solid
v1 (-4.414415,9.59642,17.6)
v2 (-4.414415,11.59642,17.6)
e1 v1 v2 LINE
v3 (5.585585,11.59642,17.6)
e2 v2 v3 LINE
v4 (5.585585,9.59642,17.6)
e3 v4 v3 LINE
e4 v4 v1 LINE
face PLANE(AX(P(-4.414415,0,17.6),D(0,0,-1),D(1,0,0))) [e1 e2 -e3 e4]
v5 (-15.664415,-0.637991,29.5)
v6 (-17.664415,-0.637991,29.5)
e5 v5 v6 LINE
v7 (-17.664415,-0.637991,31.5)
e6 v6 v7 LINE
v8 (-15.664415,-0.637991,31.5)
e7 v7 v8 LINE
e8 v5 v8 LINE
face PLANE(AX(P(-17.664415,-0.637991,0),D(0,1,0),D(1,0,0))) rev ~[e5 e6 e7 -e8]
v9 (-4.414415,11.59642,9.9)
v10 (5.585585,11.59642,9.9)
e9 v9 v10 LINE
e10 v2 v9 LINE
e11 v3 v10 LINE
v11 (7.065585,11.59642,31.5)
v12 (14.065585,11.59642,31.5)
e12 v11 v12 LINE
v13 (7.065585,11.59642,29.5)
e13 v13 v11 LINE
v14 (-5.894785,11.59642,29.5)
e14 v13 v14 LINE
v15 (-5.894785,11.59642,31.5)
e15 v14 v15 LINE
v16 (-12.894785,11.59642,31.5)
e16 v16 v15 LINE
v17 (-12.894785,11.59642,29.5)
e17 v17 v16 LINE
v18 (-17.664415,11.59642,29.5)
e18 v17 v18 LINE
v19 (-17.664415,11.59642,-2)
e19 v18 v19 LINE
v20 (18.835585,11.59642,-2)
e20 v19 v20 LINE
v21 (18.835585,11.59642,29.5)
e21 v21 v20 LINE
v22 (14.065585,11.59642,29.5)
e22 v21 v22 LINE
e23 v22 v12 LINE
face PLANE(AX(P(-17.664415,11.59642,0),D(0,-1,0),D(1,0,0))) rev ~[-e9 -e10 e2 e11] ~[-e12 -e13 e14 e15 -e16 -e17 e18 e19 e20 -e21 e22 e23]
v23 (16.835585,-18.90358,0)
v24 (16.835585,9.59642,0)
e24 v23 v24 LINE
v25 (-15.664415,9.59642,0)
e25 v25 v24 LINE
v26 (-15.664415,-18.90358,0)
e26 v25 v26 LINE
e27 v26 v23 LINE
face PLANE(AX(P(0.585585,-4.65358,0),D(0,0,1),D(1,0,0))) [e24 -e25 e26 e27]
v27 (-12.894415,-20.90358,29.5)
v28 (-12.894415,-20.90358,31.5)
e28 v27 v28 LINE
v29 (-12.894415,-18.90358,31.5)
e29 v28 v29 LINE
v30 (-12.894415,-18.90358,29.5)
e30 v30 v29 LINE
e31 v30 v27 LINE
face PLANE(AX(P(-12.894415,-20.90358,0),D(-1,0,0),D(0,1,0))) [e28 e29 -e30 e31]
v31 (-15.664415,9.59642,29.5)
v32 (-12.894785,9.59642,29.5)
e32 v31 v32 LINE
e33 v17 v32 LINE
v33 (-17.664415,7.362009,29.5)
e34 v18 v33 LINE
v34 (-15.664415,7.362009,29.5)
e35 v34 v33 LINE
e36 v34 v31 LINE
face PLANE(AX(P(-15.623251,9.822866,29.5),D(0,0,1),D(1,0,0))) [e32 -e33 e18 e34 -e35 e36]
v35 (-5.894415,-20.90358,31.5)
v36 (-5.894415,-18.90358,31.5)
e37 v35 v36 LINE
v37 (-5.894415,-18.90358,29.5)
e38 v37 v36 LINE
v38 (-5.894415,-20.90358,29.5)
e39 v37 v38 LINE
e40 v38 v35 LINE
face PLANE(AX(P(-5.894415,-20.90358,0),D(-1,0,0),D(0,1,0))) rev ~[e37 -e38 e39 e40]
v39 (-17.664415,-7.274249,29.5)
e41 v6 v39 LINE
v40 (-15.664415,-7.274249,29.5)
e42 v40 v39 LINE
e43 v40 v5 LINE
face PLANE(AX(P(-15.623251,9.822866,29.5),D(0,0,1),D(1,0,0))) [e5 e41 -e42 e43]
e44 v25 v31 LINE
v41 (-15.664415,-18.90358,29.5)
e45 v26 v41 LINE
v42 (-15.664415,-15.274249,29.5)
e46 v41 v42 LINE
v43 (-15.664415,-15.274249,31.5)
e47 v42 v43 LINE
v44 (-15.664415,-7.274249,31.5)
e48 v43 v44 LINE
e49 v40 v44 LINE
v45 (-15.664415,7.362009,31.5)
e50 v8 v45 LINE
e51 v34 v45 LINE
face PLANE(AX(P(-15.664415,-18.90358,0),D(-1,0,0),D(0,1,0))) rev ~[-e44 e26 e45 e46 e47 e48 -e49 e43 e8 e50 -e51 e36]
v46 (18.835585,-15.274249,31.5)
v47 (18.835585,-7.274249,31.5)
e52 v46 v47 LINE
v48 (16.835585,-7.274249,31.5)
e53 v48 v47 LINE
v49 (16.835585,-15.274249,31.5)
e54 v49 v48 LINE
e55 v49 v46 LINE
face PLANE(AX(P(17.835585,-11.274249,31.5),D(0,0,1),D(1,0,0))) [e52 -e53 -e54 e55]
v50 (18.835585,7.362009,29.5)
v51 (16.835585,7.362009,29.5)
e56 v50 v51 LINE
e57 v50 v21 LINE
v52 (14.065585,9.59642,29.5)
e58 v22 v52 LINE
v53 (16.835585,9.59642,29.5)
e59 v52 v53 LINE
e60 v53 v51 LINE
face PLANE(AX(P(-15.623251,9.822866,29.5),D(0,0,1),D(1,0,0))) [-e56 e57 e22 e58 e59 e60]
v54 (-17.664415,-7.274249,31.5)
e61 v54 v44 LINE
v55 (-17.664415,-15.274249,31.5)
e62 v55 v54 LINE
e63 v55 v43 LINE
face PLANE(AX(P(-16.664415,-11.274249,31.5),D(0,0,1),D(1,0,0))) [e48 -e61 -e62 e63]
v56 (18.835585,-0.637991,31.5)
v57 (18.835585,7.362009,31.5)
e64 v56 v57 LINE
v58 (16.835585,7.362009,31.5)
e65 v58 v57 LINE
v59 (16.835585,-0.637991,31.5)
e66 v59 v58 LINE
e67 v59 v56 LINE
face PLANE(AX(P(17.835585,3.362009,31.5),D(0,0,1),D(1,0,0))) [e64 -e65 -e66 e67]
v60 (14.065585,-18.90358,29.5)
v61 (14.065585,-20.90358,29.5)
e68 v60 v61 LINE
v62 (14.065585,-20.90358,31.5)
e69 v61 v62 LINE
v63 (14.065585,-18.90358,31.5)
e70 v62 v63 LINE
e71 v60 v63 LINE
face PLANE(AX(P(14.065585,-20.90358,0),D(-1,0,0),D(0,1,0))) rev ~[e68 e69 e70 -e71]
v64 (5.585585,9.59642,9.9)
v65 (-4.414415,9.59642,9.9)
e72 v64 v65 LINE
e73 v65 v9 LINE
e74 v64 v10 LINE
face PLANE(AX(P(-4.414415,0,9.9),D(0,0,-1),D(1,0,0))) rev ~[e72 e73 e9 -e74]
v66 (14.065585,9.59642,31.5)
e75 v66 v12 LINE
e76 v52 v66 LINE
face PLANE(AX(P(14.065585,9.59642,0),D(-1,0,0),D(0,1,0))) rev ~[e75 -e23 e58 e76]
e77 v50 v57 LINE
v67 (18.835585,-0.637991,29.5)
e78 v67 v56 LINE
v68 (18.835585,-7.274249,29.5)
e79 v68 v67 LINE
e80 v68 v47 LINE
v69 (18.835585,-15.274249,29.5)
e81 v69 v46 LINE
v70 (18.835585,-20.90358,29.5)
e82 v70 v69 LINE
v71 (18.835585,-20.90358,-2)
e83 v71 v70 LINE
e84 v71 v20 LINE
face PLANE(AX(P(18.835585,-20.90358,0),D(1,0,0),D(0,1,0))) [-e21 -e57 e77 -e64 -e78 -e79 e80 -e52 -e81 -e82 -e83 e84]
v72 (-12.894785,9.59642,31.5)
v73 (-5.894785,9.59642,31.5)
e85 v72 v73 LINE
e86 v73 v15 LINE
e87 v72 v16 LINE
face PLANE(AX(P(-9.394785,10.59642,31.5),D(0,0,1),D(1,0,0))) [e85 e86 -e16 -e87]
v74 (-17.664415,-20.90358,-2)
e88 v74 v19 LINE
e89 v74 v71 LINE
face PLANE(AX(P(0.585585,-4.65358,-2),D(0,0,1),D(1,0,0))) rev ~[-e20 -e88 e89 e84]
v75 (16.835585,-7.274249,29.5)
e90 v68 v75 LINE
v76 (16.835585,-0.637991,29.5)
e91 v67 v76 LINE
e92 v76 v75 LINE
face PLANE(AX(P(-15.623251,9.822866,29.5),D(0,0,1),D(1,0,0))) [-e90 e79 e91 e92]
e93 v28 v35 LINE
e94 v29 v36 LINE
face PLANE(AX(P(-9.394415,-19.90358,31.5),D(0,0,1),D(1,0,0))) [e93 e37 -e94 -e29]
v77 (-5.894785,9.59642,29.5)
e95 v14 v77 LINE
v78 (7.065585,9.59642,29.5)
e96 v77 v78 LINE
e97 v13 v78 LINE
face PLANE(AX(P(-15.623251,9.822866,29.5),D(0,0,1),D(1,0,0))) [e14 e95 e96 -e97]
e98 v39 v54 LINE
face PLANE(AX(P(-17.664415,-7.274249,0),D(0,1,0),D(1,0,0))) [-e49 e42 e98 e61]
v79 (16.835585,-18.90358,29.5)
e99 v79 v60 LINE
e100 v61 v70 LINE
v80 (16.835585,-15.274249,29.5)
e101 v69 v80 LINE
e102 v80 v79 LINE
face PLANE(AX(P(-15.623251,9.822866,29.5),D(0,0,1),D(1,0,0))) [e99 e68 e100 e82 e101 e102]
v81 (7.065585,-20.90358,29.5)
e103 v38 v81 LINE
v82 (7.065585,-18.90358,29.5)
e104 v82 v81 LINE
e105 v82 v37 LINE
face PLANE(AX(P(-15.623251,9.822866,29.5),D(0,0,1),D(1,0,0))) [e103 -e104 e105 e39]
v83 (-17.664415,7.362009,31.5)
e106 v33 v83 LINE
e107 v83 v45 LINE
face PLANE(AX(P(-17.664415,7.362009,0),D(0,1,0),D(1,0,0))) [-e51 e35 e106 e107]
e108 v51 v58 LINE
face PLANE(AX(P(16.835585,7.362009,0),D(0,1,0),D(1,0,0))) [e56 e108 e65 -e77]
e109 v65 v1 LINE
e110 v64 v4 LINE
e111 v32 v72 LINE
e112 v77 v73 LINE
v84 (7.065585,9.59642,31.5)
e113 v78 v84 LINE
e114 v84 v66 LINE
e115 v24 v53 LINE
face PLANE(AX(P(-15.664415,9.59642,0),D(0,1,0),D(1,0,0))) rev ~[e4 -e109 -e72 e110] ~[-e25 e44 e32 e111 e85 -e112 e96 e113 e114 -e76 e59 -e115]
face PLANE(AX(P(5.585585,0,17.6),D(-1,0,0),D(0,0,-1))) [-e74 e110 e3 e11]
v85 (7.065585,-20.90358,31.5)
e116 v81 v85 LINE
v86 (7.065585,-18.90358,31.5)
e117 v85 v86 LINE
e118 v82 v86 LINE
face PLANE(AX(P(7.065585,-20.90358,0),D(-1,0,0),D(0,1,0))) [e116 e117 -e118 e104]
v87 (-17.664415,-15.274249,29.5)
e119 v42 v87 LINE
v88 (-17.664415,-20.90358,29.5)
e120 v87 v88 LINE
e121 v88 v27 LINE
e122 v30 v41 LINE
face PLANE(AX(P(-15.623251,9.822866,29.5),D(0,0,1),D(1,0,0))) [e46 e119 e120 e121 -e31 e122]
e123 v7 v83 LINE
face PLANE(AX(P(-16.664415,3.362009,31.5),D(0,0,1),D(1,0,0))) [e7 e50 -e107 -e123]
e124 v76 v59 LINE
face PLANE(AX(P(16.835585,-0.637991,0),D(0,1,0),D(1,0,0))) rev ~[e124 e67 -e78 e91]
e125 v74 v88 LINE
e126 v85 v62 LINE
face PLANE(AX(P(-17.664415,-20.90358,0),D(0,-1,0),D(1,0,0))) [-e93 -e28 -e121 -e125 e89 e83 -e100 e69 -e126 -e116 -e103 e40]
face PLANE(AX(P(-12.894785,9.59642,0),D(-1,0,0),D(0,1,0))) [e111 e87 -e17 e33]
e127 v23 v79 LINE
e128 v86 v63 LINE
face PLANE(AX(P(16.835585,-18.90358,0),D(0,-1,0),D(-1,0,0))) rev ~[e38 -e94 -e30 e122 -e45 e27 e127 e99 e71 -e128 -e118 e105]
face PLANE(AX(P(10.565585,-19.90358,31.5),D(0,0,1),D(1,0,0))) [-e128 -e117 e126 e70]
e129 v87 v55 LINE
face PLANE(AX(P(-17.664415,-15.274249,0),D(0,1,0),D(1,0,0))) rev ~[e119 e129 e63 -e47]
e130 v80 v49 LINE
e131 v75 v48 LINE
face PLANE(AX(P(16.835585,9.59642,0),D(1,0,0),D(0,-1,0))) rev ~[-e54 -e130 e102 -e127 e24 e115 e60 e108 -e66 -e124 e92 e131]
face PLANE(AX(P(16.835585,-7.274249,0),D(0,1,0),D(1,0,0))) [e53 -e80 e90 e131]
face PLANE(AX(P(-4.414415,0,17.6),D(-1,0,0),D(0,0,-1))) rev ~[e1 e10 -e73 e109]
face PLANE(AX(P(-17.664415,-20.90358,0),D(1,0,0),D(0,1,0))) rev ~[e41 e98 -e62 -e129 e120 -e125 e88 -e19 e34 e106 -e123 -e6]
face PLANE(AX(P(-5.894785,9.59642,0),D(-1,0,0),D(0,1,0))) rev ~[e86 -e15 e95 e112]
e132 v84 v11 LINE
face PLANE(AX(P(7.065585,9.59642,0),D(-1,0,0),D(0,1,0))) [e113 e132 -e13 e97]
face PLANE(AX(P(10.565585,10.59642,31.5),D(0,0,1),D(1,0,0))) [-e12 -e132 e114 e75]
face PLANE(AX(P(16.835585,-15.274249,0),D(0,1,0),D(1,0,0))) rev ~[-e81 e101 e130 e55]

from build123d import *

# Parameters (mm, degrees)
ESBO_O1_W                = 36.5
ESBO_O1_H                = 32.5
ESBO_O1_W_2              = 32.5
ESBO_O1_H_2              = 28.5
RESSALTO_EXTRUS_O1_DEPTH = 29.5
ESBO_O1_3_W              = 7
ESBO_O1_3_H              = 2
ESBO_O1_3_W_2            = 2
ESBO_O1_3_H_2            = 8
RESSALTO_EXTRUS_O2_DEPTH = 31.5
ESBO_O1_4_W              = 36.5
ESBO_O1_4_H              = 32.5
RESSALTO_EXTRUS_O3_DEPTH = 2
ESBO_O2_W                = 10
ESBO_O2_H                = 7.7
CORTE_EXTRUS_O1_DEPTH    = 43.237292821


with BuildPart() as part:
    # Esboço1 → Ressalto-extrusão1 (new body)
    with BuildSketch(Plane.XY):
        with Locations((0.585584979, -4.653579677)):
            Rectangle(ESBO_O1_W, ESBO_O1_H)
        with Locations((0.585584979, -4.653579677)):
            Rectangle(ESBO_O1_W_2, ESBO_O1_H_2, mode=Mode.SUBTRACT)
    extrude(amount=RESSALTO_EXTRUS_O1_DEPTH)

    # Esboço1<3> → Ressalto-extrusão2 (add)
    with BuildSketch(Plane.XY):
        with Locations((-9.394784536, 10.596420323)):
            Rectangle(ESBO_O1_3_W, ESBO_O1_3_H)
        with Locations((-16.664415021, 3.362009238)):
            Rectangle(ESBO_O1_3_W_2, ESBO_O1_3_H_2)
        with Locations((10.565584979, 10.596420323)):
            Rectangle(ESBO_O1_3_W, ESBO_O1_3_H)
        with Locations((-16.664415021, -11.274249423)):
            Rectangle(ESBO_O1_3_W_2, ESBO_O1_3_H_2)
        with Locations((17.835584979, 3.362009238)):
            Rectangle(ESBO_O1_3_W_2, ESBO_O1_3_H_2)
        with Locations((-9.394415021, -19.903579677)):
            Rectangle(ESBO_O1_3_W, ESBO_O1_3_H)
        with Locations((17.835584979, -11.274249423)):
            Rectangle(ESBO_O1_3_W_2, ESBO_O1_3_H_2)
        with Locations((10.565584979, -19.903579677)):
            Rectangle(ESBO_O1_3_W, ESBO_O1_3_H)
    extrude(amount=RESSALTO_EXTRUS_O2_DEPTH)

    # Esboço1<4> → Ressalto-extrusão3 (add)
    with BuildSketch(Plane.XY):
        with Locations((0.585584979, -4.653579677)):
            Rectangle(ESBO_O1_4_W, ESBO_O1_4_H)
    extrude(amount=-RESSALTO_EXTRUS_O3_DEPTH)

    # Esboço2 → Corte-extrusão1 (cut, through all)
    with BuildSketch(Plane(origin=(0, 0, 0), x_dir=(1, 0, 0), z_dir=(0, 1, 0))):
        with Locations((0.585584979, -13.75)):
            Rectangle(ESBO_O2_W, ESBO_O2_H)
    extrude(amount=CORTE_EXTRUS_O1_DEPTH, mode=Mode.SUBTRACT)


solid = part.part
